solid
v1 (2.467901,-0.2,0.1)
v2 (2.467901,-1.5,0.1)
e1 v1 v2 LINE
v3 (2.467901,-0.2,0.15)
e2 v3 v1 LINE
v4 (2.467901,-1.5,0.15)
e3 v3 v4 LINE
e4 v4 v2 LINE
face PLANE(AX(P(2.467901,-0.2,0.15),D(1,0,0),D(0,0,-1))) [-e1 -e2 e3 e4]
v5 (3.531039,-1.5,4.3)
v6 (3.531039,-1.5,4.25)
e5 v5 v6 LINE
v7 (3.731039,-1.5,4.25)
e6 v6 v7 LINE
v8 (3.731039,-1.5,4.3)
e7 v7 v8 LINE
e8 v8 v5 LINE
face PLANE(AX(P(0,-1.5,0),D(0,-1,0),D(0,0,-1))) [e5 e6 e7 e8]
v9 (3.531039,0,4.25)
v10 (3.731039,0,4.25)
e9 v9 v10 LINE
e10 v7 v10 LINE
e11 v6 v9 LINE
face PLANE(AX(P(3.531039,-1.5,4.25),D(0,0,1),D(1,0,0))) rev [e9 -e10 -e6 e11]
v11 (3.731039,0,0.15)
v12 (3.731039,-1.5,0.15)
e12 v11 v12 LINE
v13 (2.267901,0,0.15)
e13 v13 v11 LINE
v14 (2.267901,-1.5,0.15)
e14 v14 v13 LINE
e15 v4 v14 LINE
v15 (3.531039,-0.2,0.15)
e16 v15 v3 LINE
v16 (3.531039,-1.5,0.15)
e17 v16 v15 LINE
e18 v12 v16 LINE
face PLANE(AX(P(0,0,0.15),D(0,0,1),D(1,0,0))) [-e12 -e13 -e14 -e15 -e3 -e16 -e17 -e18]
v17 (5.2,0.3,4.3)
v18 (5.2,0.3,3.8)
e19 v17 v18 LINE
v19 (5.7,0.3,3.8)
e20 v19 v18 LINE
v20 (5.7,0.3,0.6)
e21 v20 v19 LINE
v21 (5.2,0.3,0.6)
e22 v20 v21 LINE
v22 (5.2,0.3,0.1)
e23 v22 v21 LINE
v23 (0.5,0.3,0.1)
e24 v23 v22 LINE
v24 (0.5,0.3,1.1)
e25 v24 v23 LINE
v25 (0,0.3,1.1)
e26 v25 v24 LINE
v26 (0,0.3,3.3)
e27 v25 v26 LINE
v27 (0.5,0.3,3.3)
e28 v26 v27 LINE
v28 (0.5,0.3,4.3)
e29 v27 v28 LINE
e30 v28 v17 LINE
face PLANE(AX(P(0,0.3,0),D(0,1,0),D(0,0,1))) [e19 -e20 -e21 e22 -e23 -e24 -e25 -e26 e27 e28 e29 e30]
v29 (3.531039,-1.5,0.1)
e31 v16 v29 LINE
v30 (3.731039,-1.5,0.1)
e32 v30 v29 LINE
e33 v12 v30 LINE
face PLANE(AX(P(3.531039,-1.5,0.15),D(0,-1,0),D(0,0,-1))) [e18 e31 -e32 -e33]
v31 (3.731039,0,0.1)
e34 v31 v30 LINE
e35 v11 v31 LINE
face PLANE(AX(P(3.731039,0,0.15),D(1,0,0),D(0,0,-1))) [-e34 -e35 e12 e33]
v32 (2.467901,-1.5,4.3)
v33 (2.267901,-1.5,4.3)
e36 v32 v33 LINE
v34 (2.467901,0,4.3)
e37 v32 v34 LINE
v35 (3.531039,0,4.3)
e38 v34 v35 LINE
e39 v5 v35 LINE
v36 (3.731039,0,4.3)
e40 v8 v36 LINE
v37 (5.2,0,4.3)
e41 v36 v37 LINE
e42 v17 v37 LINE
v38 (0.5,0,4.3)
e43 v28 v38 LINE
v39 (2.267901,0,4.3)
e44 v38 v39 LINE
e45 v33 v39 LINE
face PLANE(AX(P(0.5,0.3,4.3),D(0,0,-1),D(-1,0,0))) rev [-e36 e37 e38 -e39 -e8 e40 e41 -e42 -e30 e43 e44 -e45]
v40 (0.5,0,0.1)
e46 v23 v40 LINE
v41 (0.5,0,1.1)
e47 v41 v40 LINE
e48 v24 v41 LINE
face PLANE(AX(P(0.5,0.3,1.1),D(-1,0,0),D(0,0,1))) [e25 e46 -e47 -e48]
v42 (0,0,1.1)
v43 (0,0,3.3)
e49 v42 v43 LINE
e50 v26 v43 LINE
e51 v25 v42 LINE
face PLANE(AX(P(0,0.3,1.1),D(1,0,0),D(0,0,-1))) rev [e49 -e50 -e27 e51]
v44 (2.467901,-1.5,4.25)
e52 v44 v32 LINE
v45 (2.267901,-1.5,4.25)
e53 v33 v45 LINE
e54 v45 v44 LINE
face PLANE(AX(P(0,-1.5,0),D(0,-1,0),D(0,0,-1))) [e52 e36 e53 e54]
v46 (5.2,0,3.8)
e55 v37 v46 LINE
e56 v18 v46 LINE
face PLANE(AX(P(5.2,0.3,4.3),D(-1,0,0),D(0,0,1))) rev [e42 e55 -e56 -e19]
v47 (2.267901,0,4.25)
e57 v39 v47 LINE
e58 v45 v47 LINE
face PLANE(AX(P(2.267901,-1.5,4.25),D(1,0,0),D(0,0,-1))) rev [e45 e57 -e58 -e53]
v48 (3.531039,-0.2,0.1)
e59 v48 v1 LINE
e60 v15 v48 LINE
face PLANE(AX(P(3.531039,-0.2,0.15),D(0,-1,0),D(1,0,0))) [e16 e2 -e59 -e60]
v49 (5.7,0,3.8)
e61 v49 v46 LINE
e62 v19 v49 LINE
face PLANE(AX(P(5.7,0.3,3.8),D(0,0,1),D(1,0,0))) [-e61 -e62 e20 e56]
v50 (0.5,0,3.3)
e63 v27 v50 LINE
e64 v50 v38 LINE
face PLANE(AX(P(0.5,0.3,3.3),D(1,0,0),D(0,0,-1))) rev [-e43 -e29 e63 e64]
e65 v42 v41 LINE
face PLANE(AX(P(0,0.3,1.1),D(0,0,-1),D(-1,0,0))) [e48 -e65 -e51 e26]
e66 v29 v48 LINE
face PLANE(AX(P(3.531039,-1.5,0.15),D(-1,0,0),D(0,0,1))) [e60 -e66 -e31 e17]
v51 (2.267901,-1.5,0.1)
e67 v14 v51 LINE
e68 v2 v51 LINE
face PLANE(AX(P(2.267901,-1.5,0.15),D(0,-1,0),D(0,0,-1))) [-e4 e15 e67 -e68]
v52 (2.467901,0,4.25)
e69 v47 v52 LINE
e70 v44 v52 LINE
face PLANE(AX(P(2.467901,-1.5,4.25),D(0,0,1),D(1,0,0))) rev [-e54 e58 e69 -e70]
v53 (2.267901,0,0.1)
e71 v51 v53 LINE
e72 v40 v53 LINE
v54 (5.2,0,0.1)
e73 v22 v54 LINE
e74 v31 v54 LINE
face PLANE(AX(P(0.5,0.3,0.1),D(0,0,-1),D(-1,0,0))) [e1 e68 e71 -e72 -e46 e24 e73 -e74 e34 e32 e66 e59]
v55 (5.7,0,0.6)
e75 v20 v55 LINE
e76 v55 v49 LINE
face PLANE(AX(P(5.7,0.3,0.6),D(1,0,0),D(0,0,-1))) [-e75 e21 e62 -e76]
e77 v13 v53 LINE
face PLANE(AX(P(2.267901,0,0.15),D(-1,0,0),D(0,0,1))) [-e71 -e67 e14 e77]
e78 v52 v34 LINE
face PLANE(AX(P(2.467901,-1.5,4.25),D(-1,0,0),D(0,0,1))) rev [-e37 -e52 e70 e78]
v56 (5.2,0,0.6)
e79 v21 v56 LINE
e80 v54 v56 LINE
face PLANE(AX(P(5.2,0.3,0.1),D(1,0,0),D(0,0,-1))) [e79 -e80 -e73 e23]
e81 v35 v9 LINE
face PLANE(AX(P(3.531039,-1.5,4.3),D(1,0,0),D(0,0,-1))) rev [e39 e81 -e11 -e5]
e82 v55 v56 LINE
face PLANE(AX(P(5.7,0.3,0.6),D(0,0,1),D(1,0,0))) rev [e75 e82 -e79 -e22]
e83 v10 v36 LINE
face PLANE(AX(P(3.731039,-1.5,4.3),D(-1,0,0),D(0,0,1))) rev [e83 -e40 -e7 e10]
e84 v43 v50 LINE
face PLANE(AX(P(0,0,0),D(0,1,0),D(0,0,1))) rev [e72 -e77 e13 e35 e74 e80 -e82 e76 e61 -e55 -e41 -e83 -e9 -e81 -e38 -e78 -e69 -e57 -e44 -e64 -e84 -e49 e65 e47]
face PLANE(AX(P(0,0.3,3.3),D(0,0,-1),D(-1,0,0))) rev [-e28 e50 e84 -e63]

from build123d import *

# Parameters (mm, degrees)
BOSS_EXTRUDE1_DEPTH = 0.3
BOSS_EXTRUDE2_DEPTH = 0.05
SKETCH4_W           = 0.2
SKETCH4_H           = 0.05
BOSS_EXTRUDE3_DEPTH = 1.5


with BuildPart() as part:
    # Sketch1 → Boss-Extrude1 (new body)
    with BuildSketch(Plane(origin=(0, 0, 0), x_dir=(1, 0, 0), z_dir=(0, 1, 0))):
        Polygon((0, -1.1), (0.5, -1.1), (0.5, -0.1), (5.2, -0.1), (5.2, -0.6), (5.7, -0.6), (5.7, -3.8), (5.2, -3.8), (5.2, -4.3), (0.5, -4.3), (0.5, -3.3), (0, -3.3), align=None)
    extrude(amount=BOSS_EXTRUDE1_DEPTH)

    # Sketch2 → Boss-Extrude2 (add)
    with BuildSketch(Plane(origin=(0, 0, 0.1), x_dir=(-1, 0, 0), z_dir=(0, 0, -1))):
        Polygon((-3.731039035, 0), (-2.267900634, 0), (-2.267900634, -1.5), (-2.467900634, -1.5), (-2.467900634, -0.2), (-3.531039035, -0.2), (-3.531039035, -1.5), (-3.731039035, -1.5), align=None)
    extrude(amount=-BOSS_EXTRUDE2_DEPTH)

    # Sketch4 → Boss-Extrude3 (add)
    with BuildSketch(Plane.XZ):
        with Locations((2.367900634, 4.275)):
            Rectangle(SKETCH4_W, SKETCH4_H)
        with Locations((3.631039035, 4.275)):
            Rectangle(SKETCH4_W, SKETCH4_H)
    extrude(amount=BOSS_EXTRUDE3_DEPTH)


solid = part.part
